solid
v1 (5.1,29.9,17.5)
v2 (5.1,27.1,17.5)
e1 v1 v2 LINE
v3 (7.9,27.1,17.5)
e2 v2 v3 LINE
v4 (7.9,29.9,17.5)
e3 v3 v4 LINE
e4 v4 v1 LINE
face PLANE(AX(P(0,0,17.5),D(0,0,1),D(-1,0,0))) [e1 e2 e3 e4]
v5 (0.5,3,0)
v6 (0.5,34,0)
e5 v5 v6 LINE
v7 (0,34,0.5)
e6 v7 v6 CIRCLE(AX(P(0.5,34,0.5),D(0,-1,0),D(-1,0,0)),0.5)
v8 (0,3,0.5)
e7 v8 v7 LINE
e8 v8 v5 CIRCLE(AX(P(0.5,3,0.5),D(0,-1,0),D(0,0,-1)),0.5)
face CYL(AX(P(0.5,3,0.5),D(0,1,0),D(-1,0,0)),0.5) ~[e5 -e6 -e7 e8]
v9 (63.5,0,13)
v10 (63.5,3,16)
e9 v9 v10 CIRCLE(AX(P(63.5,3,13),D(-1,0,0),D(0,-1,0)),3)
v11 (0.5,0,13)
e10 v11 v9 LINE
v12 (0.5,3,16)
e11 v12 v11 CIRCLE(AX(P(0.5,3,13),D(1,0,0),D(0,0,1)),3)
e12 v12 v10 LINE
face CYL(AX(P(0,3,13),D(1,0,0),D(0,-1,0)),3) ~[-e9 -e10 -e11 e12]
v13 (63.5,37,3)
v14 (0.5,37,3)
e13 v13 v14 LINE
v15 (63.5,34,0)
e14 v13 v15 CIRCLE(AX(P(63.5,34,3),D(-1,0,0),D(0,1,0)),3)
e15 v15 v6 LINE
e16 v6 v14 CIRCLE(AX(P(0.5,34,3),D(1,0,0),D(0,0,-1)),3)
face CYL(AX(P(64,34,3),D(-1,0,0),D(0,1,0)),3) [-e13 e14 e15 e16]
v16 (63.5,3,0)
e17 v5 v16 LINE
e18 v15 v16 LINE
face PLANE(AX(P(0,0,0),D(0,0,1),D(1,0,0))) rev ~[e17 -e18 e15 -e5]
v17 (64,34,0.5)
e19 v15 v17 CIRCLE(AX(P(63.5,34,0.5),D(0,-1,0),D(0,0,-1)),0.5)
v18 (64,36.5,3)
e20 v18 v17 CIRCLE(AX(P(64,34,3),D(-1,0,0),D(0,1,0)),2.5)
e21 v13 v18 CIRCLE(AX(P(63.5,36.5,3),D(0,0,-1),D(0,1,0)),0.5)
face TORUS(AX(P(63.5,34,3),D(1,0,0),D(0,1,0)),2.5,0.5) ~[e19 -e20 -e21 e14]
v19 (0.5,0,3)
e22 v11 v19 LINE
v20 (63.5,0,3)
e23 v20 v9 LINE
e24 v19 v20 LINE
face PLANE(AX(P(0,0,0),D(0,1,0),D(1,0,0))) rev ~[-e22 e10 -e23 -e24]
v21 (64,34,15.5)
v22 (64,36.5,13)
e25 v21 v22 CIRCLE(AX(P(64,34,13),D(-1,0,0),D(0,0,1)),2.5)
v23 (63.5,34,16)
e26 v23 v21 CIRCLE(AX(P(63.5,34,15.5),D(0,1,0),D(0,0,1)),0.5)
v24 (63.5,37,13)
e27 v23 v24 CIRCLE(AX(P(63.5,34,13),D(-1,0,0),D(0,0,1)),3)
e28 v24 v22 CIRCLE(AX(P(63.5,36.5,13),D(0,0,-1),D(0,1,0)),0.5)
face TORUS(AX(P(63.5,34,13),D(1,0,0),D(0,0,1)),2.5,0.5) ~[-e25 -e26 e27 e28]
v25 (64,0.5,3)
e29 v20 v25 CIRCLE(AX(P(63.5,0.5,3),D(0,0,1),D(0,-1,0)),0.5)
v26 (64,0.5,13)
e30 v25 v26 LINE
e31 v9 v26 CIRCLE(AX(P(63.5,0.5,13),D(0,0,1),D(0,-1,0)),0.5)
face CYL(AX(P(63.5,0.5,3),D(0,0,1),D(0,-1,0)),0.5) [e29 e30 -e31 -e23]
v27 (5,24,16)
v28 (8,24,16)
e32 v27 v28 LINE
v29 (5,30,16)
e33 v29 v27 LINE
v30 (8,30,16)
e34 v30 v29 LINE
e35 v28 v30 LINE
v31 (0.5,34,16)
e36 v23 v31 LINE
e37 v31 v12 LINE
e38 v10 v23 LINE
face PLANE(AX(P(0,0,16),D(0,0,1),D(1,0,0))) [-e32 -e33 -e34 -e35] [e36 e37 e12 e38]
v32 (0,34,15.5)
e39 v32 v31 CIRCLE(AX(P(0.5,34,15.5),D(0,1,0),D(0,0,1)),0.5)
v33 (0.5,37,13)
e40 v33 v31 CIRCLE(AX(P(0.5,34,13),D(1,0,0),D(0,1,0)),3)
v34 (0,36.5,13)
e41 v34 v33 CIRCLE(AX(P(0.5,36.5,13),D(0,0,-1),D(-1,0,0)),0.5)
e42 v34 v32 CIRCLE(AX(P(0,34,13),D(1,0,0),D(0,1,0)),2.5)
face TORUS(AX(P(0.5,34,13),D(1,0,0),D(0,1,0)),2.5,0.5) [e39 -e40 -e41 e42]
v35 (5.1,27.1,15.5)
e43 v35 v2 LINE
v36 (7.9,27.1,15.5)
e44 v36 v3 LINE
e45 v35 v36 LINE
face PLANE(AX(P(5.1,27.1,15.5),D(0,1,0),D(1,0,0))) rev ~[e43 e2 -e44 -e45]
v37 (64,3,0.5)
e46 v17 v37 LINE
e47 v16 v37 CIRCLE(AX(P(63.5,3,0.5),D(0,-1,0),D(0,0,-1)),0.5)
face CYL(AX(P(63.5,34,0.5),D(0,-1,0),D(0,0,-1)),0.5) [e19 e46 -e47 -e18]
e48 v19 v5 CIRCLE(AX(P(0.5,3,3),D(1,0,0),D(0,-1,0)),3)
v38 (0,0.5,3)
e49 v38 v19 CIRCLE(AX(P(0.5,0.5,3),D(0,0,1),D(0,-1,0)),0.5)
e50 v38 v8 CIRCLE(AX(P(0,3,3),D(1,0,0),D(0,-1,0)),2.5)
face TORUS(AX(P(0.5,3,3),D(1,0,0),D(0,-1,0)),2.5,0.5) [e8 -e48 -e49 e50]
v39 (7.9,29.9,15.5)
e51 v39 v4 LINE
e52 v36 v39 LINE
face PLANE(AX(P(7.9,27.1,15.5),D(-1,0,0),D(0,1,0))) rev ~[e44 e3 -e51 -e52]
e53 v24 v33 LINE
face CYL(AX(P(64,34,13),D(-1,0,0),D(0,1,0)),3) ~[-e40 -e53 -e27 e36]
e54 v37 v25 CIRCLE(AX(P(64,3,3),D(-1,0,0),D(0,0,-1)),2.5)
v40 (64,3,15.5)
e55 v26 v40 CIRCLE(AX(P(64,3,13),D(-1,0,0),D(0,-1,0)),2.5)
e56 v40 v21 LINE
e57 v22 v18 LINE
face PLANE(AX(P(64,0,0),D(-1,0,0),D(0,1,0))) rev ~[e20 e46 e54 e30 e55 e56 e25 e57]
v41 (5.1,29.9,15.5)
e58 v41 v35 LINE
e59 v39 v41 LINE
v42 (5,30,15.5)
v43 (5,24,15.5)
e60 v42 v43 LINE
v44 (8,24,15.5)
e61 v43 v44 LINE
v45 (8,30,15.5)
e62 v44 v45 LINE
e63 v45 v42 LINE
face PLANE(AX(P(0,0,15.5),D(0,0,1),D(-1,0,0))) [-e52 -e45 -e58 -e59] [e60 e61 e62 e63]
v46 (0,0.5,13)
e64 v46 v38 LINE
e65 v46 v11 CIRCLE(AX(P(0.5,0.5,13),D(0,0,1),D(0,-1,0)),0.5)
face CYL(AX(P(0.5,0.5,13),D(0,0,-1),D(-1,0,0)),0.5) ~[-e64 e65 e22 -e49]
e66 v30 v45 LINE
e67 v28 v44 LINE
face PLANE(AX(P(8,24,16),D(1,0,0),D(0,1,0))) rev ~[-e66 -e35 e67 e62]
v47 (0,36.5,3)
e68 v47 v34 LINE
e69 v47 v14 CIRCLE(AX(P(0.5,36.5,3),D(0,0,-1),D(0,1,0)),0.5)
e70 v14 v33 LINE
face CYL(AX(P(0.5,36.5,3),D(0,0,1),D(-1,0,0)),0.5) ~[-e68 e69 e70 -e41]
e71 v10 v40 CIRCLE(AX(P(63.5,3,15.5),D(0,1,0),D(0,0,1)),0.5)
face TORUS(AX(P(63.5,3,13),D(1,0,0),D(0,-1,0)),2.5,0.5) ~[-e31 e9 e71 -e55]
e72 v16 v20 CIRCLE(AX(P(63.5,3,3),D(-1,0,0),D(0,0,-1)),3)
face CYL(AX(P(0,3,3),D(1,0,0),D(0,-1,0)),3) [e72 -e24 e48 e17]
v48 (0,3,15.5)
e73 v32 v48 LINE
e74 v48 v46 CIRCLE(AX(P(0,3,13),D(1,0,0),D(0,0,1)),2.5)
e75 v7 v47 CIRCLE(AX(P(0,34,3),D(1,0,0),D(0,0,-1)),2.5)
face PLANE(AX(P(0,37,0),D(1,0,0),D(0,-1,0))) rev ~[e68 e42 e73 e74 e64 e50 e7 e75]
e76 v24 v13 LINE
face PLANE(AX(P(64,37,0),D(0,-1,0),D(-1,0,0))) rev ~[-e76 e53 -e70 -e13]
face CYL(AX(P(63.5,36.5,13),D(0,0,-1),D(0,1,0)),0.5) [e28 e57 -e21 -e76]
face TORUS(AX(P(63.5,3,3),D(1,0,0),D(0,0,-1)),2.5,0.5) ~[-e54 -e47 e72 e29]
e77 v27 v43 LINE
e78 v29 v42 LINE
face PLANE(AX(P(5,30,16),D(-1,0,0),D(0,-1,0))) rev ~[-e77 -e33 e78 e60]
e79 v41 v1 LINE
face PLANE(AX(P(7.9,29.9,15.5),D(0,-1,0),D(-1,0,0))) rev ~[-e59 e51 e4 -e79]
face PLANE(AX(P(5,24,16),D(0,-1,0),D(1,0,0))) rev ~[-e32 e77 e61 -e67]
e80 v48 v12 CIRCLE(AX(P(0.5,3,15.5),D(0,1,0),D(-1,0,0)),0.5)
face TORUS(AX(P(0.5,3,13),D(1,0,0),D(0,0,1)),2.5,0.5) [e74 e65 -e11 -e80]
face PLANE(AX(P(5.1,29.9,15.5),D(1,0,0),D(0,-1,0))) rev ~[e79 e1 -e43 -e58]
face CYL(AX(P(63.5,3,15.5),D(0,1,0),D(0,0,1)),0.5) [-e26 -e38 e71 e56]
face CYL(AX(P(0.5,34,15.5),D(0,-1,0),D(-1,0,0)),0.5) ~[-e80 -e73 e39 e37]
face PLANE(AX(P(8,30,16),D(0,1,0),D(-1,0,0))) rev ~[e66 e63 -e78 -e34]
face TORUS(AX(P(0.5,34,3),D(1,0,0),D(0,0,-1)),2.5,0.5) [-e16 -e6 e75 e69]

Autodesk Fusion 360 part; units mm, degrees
sketch "Sketch1" plane through (0, 0, 0) normal (0, 0, 1) x (1, 0, 0)
  line L0 (0, 0) -> (64, 0)
  line L1 (64, 0) -> (64, 37)
  line L2 (64, 37) -> (0, 37)
  line L3 (0, 37) -> (0, 0)
  dimension "d1" = 64
  dimension "d2" = 37
extrude "Extrude1" add sketch "Sketch1" along normal blind 16
fillet "Fillet1" radius 3 4 edges at (32, 0, 16) (32, 37, 16) (32, 0, 0) (32, 37, 0)
fillet "Fillet2" radius 0.5 16 edges at (64, 36.1213, 0.8787) (64, 37, 8) (64, 36.1213, 15.1213) (64, 18.5, 16) (64, 0.8787, 15.1213) (64, 0, 8) (64, 0.8787, 0.8787) (64, 18.5, 0) (0, 0.8787, 0.8787) (0, 0, 8) (0, 0.8787, 15.1213) (0, 18.5, 16) (0, 36.1213, 15.1213) (0, 37, 8) (0, 36.1213, 0.8787) (0, 18.5, 0)
sketch "Sketch2" plane through (0, 0, 16) normal (0, 0, 1) x (-1, 0, 0)
  line L0 (-0.5, -34) -> (-0.5, -3)
  line L1 (-0.5, -3) -> (-63.5, -3)
  line L2 (-63.5, -3) -> (-63.5, -34)
  line L3 (-63.5, -34) -> (-0.5, -34)
  line L4 (-5, -24) -> (-8, -24)
  line L5 (-8, -24) -> (-8, -30)
  line L6 (-8, -30) -> (-5, -30)
  line L7 (-5, -30) -> (-5, -24)
  dimension "d7" = 3
  dimension "d8" = 6
extrude "Extrude2" cut sketch "Sketch2" against normal blind 0.5 contours L4 L5 L6 L7
sketch "Sketch3" plane through (0, 0, 15.5) normal (0, 0, 1) x (-1, 0, 0)
  line L0 (-5, -30) -> (-5, -24)
  line L1 (-5, -24) -> (-8, -24)
  line L2 (-8, -24) -> (-8, -30)
  line L3 (-8, -30) -> (-5, -30)
  line L4 (-5, -27) -> (-8, -27)
  line L5 (-5.1, -27.1) -> (-7.9, -27.1)
  line L6 (-7.9, -27.1) -> (-7.9, -29.9)
  line L7 (-7.9, -29.9) -> (-5.1, -29.9)
  line L8 (-5.1, -29.9) -> (-5.1, -27.1)
extrude "Extrude3" add sketch "Sketch3" along normal blind 2 contours L5 L6 L7 L8
